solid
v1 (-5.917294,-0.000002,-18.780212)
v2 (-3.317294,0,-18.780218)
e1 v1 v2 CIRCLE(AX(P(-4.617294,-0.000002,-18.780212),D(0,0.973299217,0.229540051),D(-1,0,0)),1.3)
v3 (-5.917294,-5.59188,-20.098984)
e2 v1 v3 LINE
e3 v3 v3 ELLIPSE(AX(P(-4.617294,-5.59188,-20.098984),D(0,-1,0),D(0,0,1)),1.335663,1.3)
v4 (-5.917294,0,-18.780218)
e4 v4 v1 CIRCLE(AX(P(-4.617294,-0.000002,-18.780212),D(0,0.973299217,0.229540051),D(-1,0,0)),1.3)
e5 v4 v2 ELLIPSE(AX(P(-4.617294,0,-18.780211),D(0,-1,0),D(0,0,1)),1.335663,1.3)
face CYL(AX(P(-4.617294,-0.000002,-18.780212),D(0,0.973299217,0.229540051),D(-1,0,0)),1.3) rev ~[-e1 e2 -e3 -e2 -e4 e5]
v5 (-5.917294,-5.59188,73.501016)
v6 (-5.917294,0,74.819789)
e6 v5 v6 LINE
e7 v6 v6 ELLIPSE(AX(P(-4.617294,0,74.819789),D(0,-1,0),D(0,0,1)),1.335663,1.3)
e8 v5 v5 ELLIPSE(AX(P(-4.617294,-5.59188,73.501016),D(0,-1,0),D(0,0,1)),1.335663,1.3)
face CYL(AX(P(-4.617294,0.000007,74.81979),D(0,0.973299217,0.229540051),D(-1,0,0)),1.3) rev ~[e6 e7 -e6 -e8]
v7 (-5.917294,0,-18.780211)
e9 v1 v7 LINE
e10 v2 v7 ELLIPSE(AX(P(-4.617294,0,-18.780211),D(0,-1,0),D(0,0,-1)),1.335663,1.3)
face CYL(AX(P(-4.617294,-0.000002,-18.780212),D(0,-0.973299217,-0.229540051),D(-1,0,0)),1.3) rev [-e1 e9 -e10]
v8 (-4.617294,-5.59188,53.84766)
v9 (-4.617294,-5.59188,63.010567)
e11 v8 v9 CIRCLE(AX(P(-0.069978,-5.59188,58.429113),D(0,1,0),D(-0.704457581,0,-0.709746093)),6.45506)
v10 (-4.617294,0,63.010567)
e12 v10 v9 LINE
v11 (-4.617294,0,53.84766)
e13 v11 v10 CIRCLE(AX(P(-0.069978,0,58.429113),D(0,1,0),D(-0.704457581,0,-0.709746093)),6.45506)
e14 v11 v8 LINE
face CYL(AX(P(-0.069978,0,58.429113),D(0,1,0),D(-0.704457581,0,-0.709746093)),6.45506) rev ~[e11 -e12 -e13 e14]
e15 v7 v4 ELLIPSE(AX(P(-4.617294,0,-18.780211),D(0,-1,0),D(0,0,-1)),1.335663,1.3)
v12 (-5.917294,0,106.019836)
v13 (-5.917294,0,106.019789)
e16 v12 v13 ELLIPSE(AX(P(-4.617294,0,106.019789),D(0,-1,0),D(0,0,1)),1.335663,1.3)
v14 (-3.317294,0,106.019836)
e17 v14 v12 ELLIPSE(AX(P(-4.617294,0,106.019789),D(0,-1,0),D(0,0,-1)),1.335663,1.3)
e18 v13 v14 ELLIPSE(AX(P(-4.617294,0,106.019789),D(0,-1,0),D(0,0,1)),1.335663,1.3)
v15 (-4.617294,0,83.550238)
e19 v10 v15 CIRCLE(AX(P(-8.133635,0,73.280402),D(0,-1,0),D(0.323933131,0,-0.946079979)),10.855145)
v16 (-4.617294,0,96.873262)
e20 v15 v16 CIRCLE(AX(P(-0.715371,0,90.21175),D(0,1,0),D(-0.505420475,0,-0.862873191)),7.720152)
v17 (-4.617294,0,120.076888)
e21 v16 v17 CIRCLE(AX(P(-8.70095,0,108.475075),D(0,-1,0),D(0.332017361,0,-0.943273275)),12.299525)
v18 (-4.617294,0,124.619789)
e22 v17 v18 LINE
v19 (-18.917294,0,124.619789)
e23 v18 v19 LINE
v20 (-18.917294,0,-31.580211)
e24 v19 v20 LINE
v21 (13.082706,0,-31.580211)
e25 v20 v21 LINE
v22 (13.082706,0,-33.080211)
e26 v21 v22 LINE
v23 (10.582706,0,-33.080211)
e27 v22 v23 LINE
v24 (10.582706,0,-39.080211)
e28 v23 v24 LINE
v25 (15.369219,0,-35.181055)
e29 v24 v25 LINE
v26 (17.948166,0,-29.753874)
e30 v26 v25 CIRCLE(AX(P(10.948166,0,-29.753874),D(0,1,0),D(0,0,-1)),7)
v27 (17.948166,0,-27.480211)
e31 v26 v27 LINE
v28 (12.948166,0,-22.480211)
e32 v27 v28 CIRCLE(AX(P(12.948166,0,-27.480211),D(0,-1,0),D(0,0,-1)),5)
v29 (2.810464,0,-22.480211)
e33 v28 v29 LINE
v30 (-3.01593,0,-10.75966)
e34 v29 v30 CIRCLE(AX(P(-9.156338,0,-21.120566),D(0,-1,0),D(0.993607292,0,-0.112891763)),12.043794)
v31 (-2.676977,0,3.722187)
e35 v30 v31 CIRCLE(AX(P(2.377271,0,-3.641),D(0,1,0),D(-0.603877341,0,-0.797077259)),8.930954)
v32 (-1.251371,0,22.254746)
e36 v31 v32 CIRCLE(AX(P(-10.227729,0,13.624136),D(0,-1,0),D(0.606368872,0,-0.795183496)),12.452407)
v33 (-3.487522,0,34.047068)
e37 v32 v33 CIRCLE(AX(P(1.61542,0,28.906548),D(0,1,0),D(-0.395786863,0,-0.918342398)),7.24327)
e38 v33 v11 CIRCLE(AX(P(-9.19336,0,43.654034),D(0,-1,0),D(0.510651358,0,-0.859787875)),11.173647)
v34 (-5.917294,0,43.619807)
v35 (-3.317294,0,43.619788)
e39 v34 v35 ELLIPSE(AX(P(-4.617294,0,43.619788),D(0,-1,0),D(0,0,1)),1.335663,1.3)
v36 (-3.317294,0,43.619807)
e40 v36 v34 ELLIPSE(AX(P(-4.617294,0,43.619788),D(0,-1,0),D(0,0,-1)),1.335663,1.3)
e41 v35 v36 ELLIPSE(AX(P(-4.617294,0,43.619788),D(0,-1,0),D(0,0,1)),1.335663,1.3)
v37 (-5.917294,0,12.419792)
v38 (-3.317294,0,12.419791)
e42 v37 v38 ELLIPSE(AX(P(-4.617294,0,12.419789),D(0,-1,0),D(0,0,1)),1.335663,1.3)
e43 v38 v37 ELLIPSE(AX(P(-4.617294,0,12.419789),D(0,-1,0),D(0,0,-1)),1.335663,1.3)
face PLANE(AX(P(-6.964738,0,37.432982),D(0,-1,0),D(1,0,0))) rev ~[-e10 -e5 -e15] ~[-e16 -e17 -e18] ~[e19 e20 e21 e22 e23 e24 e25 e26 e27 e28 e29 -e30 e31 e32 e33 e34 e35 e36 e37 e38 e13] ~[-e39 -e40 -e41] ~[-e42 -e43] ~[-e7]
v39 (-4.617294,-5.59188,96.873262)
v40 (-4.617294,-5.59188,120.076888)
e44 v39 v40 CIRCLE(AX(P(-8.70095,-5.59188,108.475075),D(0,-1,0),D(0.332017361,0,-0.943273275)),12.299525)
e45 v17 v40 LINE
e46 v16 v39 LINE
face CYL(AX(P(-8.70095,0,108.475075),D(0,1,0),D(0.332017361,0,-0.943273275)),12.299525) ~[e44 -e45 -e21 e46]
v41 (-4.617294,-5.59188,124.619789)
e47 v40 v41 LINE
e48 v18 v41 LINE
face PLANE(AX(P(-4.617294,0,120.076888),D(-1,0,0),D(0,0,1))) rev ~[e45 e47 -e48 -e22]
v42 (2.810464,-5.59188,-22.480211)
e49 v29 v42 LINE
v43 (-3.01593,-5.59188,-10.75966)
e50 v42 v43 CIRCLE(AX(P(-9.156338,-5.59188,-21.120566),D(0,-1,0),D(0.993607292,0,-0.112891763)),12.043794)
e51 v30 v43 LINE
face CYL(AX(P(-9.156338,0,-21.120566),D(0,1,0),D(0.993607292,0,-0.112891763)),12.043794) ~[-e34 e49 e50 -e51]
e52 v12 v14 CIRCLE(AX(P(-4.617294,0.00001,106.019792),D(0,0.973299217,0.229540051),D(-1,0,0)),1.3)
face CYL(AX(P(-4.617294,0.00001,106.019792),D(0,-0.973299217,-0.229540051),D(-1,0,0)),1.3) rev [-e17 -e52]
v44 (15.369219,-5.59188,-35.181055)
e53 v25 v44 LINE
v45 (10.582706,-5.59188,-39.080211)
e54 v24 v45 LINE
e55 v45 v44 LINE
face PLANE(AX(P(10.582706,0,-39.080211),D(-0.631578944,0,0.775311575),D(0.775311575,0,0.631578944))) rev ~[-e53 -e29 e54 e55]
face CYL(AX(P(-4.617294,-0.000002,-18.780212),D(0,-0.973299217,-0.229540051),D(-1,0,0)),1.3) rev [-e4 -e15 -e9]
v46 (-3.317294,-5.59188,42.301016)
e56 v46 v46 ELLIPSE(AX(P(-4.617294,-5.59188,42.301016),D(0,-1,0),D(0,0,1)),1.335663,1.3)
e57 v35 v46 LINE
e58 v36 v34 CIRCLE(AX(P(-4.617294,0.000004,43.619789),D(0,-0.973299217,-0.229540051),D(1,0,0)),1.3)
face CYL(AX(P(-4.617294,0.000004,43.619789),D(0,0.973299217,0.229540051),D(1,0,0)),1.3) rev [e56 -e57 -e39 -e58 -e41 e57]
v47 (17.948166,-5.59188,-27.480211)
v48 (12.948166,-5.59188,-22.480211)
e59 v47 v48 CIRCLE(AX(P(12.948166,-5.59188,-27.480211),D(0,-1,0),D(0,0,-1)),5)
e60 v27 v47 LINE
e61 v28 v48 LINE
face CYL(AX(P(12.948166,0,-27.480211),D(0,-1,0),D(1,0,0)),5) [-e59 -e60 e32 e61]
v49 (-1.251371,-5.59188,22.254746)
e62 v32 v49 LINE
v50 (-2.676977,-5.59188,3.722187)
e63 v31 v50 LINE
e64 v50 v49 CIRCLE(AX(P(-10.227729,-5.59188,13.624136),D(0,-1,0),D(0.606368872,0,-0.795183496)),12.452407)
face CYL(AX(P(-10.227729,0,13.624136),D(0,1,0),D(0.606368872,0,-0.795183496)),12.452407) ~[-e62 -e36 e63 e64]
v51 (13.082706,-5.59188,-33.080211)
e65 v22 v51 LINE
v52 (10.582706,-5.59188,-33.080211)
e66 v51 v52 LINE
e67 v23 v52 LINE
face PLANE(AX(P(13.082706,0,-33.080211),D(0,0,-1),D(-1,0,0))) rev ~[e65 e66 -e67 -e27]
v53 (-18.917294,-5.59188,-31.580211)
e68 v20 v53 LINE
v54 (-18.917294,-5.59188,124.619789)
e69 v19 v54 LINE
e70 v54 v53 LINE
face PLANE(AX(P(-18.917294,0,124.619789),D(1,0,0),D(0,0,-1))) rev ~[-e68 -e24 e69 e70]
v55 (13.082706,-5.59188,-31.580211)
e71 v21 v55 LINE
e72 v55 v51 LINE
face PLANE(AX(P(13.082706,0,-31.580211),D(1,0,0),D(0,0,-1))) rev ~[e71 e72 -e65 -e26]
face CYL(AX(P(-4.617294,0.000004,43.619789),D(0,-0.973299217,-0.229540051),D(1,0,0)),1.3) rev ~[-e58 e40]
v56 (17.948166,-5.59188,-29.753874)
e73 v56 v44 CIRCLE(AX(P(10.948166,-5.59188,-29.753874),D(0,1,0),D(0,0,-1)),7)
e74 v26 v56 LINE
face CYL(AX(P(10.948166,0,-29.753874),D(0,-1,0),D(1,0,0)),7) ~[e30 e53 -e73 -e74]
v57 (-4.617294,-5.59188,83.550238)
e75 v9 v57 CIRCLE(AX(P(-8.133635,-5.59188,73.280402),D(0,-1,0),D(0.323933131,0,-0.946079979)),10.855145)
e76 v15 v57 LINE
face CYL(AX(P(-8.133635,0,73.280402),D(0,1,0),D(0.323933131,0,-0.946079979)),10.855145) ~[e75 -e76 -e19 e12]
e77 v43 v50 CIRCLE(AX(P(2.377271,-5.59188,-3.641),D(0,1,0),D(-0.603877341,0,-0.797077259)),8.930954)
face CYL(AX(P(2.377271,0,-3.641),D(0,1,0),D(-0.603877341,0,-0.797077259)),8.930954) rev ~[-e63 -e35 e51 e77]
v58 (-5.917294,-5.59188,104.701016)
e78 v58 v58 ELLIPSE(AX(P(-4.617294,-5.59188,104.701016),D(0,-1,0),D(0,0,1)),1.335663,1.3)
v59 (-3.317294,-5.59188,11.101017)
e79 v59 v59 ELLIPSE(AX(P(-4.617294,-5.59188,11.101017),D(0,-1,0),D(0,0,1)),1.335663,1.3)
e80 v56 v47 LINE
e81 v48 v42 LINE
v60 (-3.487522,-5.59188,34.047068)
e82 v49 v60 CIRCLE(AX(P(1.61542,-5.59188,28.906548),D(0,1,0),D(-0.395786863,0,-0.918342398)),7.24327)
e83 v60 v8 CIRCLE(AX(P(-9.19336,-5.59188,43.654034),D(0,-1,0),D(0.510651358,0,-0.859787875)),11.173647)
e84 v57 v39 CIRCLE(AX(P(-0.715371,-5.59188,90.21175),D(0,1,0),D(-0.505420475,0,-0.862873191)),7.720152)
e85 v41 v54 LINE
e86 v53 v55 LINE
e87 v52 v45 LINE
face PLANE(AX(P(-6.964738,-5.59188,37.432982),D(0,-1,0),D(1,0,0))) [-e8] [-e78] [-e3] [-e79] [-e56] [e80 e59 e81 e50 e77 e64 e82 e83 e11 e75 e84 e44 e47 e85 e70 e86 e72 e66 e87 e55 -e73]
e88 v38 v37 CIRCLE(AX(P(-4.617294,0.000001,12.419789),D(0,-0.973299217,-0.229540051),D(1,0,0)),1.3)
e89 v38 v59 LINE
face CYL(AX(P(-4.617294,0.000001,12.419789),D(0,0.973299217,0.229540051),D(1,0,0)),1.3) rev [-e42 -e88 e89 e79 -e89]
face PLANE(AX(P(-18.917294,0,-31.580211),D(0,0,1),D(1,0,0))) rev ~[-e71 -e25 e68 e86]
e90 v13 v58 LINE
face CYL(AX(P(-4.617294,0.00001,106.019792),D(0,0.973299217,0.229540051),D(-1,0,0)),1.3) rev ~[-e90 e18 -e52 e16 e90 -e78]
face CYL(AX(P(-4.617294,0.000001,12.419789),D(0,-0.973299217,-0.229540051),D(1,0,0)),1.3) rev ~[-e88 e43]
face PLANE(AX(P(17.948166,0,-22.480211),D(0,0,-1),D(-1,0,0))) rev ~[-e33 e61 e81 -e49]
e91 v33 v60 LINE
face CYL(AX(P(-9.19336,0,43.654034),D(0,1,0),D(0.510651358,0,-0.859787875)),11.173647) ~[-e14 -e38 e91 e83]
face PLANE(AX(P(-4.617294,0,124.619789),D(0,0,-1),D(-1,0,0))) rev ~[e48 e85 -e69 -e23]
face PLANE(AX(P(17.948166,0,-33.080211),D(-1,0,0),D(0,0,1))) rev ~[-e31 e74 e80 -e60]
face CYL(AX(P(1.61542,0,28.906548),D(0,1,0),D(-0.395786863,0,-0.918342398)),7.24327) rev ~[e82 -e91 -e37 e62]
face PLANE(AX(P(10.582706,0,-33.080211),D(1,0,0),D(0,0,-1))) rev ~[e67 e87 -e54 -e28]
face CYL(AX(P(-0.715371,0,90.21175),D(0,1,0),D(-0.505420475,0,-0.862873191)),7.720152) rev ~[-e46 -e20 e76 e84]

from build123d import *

# Parameters (mm, degrees)
F14_DEPTH = 5.59188
F7_R      = 1.3
F8_R      = 1.3
F9_R      = 1.3
F13_R     = 1.3
F12_R     = 1.3
F15_DEPTH = 12.5
F16_R     = 5
F17_R     = 7


with BuildPart() as f14:
    # F0 (on Front) → F14 (new body)
    with BuildSketch(Plane.XZ):
        with BuildLine():
            Line((-4.617294, 124.619789), (-18.917294, 124.619789))
            Line((-18.917294, 124.619789), (-18.917294, -31.580211))
            Line((-18.917294, -31.580211), (13.082706, -31.580211))
            Line((13.082706, -31.580211), (13.082706, -33.080211))
            Line((13.082706, -33.080211), (10.582706, -33.080211))
            Line((10.582706, -33.080211), (10.582706, -39.080211))
            Line((10.582706, -39.080211), (17.948166, -33.080211))
            Line((17.948166, -33.080211), (17.948166, -22.480211))
            Line((17.948166, -22.480211), (2.810464, -22.480211))
            ThreePointArc((2.810464, -22.480211), (1.628401, -15.759373), (-3.01593, -10.75966))
            ThreePointArc((-3.01593, -10.75966), (-6.551238, -3.432025), (-2.676977, 3.722187))
            ThreePointArc((-2.676977, 3.722187), (2.187998, 12.669063), (-1.251371, 22.254746))
            ThreePointArc((-1.251371, 22.254746), (-5.501031, 27.557072), (-3.487522, 34.047068))
            ThreePointArc((-3.487522, 34.047068), (1.962143, 44.29054), (-4.617294, 53.84766))
            ThreePointArc((-4.617294, 53.84766), (-6.525038, 58.429114), (-4.617294, 63.010567))
            ThreePointArc((-4.617294, 63.010567), (2.72151, 73.280403), (-4.617294, 83.550238))
            ThreePointArc((-4.617294, 83.550238), (-8.435523, 90.21175), (-4.617294, 96.873262))
            ThreePointArc((-4.617294, 96.873262), (3.598575, 108.475075), (-4.617294, 120.076888))
            Line((-4.617294, 120.076888), (-4.617294, 124.619789))
        make_face()
    extrude(amount=F14_DEPTH)

    # F7 (on face) + F8 (on face) + F9 (on face) + F13 (on face) + F12 (on face) → F15 (cut, symmetric)
    with BuildSketch(Plane(origin=(0, -4.19571, -0.989505), x_dir=(-1, 0, 0), z_dir=(0, 0.973299, 0.22954))):
        with Locations((4.617294, -18.278764)):
            Circle(F7_R)
    with BuildSketch(Plane(origin=(0, 2.77472, 0.654382), x_dir=(1, 0, 0), z_dir=(0, -0.973299, -0.22954))):
        with Locations((-4.617294, 12.088171)):
            Circle(F8_R)
    with BuildSketch(Plane(origin=(0, 9.745151, 2.298269), x_dir=(1, 0, 0), z_dir=(0, -0.973299, -0.22954))):
        with Locations((-4.617294, 42.455105)):
            Circle(F9_R)
    with BuildSketch(Plane(origin=(0, 23.686013, 5.586043), x_dir=(-1, 0, 0), z_dir=(0, 0.973299, 0.22954))):
        with Locations((4.617294, 103.188975)):
            Circle(F13_R)
    with BuildSketch(Plane(origin=(0, 16.715582, 3.942156), x_dir=(-1, 0, 0), z_dir=(0, 0.973299, 0.22954))):
        with Locations((4.617294, 72.82204)):
            Circle(F12_R)
    extrude(amount=F15_DEPTH, both=True, mode=Mode.SUBTRACT)

    # F16
    f16_edges = [f14.edges().sort_by_distance(p)[0] for p in [
        (17.948166, -2.79594, -22.480211),
    ]]
    fillet(f16_edges, radius=F16_R)

    # F17
    f17_edges = [f14.edges().sort_by_distance(p)[0] for p in [
        (17.948166, -2.79594, -33.080211),
    ]]
    fillet(f17_edges, radius=F17_R)


solid = f14.part
